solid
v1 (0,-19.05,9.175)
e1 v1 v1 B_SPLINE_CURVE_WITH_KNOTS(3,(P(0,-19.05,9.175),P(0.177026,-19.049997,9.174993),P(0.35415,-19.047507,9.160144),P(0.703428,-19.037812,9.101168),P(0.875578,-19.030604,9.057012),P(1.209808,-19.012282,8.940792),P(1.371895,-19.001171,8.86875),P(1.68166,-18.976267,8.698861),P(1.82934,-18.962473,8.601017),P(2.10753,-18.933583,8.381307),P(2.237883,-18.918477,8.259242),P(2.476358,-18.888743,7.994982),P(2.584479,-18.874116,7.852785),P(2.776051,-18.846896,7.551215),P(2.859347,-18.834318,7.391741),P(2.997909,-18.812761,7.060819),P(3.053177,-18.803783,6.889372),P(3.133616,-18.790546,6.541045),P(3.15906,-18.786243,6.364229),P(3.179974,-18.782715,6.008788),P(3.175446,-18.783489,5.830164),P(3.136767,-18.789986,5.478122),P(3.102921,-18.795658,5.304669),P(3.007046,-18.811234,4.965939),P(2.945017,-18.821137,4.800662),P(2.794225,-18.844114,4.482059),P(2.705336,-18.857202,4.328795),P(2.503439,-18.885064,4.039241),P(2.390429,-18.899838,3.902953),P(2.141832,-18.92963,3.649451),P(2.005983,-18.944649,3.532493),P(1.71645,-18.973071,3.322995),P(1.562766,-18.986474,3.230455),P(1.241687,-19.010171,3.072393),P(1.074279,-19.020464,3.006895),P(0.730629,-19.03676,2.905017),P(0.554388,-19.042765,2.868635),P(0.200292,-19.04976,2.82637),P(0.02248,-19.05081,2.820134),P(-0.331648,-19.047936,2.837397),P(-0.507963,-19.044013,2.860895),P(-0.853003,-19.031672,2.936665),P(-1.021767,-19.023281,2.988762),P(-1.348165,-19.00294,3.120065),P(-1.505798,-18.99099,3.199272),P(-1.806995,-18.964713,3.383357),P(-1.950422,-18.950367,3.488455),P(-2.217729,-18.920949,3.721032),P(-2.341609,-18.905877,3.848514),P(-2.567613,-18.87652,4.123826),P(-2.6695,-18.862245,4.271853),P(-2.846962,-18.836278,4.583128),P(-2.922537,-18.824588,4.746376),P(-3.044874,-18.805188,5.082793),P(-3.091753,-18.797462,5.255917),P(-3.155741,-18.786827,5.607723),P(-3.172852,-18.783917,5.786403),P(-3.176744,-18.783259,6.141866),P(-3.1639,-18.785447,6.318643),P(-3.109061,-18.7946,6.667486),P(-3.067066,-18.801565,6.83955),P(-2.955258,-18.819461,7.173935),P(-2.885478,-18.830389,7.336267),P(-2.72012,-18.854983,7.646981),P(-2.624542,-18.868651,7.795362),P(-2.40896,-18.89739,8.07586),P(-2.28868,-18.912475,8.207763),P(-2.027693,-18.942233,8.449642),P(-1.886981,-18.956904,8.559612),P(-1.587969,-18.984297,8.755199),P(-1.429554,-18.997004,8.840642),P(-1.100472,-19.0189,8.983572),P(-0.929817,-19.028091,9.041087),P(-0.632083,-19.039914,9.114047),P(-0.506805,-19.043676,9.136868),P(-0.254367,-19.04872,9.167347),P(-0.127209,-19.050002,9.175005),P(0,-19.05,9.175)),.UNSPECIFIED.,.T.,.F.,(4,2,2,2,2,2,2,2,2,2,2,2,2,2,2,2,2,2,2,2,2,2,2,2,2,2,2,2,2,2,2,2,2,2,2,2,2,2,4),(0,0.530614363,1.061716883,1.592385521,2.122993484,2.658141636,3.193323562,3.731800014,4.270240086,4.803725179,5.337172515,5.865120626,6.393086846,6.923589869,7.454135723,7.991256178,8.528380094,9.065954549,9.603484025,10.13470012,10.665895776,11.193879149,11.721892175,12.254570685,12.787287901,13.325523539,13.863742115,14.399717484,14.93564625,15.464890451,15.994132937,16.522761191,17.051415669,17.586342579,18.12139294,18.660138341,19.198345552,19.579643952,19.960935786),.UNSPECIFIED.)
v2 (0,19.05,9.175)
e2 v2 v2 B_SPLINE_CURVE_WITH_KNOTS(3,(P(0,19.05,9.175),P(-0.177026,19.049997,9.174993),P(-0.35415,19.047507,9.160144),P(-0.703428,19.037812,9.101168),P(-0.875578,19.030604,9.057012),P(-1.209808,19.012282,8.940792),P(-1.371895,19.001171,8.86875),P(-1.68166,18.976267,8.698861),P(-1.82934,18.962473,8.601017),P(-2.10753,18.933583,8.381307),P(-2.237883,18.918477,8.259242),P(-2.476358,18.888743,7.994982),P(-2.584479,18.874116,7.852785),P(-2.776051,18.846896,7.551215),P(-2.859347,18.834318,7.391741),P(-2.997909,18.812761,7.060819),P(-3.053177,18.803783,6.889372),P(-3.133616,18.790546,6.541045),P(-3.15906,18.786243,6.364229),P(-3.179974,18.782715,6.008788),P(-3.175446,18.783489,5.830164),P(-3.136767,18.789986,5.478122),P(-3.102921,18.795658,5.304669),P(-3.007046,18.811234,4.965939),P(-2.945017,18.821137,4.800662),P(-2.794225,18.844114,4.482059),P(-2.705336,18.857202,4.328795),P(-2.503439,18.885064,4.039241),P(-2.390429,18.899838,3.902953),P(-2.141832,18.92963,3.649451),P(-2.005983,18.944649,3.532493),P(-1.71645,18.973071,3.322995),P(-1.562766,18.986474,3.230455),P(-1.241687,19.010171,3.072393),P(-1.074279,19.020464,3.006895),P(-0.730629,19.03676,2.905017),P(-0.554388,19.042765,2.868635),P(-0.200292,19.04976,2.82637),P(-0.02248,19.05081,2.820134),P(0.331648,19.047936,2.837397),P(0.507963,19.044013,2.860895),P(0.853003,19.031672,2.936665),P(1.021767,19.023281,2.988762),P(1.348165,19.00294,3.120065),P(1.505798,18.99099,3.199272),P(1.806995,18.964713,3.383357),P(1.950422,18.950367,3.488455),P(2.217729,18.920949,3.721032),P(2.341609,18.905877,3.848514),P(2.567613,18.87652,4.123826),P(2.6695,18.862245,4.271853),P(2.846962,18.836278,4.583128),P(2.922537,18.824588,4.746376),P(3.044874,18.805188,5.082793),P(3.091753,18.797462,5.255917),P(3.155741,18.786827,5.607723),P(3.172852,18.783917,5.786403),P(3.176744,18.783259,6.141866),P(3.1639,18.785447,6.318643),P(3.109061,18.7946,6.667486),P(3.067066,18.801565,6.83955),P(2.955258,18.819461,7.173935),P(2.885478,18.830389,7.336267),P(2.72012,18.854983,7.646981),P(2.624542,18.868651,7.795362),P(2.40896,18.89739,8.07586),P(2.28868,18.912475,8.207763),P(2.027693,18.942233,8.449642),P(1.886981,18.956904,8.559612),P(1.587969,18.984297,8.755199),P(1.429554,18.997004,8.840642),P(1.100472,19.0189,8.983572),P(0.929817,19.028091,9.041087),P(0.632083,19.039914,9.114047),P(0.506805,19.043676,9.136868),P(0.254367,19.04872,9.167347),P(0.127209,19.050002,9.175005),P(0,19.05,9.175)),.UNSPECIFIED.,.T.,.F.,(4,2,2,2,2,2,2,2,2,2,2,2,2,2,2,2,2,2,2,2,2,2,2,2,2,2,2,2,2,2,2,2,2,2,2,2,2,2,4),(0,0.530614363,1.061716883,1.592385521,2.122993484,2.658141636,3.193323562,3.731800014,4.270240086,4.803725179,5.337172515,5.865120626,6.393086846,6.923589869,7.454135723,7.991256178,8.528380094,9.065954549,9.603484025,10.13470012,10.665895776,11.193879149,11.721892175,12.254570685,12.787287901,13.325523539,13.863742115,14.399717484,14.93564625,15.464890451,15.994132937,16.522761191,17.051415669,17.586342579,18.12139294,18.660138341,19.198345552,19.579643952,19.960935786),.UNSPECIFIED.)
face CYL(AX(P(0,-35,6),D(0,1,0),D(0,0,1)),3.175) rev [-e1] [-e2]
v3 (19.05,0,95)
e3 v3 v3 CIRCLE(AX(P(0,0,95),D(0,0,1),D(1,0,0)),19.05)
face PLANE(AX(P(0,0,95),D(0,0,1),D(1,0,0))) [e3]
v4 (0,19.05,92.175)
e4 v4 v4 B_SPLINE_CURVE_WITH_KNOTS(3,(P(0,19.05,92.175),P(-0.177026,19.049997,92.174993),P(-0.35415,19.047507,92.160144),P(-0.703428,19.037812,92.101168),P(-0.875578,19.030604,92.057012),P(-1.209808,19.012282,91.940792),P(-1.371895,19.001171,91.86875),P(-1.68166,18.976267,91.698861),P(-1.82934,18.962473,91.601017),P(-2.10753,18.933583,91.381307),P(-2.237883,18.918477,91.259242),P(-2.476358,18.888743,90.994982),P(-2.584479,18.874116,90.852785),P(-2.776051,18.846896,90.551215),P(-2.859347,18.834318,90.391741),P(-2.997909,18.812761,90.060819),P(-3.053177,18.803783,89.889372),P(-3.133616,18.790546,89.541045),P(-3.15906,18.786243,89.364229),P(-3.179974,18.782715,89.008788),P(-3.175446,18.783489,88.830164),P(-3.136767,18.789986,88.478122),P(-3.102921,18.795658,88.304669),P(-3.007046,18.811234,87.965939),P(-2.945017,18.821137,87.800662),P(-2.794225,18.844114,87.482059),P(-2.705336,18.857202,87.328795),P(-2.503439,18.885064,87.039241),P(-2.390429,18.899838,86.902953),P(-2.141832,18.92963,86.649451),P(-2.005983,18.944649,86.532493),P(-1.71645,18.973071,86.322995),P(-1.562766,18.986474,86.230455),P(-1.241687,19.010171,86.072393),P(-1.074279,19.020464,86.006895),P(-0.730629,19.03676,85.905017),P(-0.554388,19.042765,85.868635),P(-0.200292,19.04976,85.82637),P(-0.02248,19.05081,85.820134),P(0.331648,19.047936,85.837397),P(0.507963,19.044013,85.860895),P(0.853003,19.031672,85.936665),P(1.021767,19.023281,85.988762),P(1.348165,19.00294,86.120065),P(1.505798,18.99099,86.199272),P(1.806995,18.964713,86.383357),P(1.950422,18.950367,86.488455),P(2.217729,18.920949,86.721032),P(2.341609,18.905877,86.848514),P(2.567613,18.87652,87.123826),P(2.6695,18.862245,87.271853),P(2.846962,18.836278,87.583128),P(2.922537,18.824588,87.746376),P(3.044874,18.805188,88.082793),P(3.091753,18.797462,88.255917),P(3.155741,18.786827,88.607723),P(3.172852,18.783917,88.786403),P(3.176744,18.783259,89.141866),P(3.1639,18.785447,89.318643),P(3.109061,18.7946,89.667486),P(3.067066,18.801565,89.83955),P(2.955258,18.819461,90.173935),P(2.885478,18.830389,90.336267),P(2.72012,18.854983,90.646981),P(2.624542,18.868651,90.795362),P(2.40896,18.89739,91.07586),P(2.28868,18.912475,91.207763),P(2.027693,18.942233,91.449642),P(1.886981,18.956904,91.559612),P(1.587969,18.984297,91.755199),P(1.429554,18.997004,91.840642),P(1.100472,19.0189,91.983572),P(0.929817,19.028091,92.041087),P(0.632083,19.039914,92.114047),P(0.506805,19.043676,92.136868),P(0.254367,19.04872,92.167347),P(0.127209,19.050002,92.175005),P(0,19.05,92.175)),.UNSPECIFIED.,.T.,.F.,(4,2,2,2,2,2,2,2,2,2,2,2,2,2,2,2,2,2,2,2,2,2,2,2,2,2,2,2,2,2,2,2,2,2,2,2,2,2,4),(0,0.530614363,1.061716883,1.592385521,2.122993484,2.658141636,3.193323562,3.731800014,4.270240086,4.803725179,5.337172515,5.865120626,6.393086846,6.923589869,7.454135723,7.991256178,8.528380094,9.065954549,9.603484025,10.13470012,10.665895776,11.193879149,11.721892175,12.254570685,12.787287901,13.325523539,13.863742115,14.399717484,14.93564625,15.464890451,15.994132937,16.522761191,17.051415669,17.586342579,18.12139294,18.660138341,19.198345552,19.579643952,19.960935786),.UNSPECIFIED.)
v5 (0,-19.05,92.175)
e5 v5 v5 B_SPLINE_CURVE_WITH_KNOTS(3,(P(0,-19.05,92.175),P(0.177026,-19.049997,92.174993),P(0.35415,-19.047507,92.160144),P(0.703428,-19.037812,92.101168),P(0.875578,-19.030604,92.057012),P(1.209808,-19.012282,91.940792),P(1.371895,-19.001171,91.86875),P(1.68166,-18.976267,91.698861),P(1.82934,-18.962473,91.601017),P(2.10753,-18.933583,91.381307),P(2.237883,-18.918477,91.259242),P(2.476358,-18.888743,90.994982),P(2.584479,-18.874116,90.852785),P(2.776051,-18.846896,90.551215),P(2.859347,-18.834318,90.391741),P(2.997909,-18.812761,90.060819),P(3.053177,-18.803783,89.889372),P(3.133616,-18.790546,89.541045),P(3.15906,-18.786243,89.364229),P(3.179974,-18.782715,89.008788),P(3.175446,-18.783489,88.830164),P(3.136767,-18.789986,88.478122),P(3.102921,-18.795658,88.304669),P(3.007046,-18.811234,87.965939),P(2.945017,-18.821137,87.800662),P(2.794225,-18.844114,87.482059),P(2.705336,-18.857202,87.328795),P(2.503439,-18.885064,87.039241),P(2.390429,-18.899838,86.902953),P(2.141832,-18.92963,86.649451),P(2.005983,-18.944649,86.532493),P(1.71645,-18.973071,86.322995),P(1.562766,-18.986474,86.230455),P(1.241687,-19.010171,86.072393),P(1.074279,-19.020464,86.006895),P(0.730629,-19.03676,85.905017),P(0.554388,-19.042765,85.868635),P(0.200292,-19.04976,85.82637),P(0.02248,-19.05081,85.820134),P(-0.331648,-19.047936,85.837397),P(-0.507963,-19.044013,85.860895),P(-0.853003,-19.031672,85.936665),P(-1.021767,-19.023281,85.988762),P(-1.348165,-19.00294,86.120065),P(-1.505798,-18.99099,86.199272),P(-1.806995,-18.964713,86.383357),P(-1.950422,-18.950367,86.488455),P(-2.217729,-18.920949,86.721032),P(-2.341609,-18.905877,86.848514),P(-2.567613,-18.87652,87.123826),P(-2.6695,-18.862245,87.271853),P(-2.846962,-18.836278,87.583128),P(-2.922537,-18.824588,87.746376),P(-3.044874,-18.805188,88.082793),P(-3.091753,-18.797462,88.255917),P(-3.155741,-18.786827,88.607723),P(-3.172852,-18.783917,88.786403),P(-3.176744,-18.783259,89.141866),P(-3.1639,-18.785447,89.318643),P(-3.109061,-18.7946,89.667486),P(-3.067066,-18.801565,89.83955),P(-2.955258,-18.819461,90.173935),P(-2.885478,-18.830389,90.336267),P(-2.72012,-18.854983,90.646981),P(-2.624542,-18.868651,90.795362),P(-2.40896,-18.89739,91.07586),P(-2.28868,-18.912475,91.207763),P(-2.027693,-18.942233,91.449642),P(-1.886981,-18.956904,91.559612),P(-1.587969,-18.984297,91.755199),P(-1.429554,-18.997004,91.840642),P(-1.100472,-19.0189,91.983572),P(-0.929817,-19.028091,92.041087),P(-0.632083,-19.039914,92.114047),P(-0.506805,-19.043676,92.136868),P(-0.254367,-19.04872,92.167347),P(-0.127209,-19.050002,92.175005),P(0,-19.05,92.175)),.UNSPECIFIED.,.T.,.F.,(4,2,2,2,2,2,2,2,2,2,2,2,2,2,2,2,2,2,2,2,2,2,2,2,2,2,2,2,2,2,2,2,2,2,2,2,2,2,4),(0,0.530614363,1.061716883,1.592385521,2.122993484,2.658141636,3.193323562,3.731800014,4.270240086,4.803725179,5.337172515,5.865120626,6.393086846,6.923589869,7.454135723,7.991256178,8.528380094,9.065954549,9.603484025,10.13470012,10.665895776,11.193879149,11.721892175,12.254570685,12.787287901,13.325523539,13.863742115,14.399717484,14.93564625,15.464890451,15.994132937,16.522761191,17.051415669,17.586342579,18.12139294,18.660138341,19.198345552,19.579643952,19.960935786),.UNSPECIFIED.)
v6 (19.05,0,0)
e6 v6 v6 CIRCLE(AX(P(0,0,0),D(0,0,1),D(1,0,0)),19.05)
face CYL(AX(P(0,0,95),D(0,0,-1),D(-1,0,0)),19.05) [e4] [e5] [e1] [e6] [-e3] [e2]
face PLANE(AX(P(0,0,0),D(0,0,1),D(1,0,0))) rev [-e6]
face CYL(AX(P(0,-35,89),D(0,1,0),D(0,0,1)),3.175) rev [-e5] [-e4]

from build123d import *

# Parameters (mm, degrees)
CROQUIS1_R              = 19.05
SALIENTE_EXTRUIR1_DEPTH = 95
CROQUIS2_R              = 3.175
CORTAR_EXTRUIR1_DEPTH   = 35


with BuildPart() as part:
    # Croquis1 → Saliente-Extruir1 (new body)
    with BuildSketch(Plane.XY):
        Circle(CROQUIS1_R)
    extrude(amount=SALIENTE_EXTRUIR1_DEPTH)

    # Croquis2 → Cortar-Extruir1 (cut, symmetric)
    with BuildSketch(Plane(origin=(0, 0, 0), x_dir=(1, 0, 0), z_dir=(0, 1, 0))):
        with Locations(Location((0, -6, 0), (0, 0, 270))):
            Circle(CROQUIS2_R)
        with Locations(Location((0, -89, 0), (0, 0, 270))):
            Circle(CROQUIS2_R)
    extrude(amount=CORTAR_EXTRUIR1_DEPTH, both=True, mode=Mode.SUBTRACT)


solid = part.part
